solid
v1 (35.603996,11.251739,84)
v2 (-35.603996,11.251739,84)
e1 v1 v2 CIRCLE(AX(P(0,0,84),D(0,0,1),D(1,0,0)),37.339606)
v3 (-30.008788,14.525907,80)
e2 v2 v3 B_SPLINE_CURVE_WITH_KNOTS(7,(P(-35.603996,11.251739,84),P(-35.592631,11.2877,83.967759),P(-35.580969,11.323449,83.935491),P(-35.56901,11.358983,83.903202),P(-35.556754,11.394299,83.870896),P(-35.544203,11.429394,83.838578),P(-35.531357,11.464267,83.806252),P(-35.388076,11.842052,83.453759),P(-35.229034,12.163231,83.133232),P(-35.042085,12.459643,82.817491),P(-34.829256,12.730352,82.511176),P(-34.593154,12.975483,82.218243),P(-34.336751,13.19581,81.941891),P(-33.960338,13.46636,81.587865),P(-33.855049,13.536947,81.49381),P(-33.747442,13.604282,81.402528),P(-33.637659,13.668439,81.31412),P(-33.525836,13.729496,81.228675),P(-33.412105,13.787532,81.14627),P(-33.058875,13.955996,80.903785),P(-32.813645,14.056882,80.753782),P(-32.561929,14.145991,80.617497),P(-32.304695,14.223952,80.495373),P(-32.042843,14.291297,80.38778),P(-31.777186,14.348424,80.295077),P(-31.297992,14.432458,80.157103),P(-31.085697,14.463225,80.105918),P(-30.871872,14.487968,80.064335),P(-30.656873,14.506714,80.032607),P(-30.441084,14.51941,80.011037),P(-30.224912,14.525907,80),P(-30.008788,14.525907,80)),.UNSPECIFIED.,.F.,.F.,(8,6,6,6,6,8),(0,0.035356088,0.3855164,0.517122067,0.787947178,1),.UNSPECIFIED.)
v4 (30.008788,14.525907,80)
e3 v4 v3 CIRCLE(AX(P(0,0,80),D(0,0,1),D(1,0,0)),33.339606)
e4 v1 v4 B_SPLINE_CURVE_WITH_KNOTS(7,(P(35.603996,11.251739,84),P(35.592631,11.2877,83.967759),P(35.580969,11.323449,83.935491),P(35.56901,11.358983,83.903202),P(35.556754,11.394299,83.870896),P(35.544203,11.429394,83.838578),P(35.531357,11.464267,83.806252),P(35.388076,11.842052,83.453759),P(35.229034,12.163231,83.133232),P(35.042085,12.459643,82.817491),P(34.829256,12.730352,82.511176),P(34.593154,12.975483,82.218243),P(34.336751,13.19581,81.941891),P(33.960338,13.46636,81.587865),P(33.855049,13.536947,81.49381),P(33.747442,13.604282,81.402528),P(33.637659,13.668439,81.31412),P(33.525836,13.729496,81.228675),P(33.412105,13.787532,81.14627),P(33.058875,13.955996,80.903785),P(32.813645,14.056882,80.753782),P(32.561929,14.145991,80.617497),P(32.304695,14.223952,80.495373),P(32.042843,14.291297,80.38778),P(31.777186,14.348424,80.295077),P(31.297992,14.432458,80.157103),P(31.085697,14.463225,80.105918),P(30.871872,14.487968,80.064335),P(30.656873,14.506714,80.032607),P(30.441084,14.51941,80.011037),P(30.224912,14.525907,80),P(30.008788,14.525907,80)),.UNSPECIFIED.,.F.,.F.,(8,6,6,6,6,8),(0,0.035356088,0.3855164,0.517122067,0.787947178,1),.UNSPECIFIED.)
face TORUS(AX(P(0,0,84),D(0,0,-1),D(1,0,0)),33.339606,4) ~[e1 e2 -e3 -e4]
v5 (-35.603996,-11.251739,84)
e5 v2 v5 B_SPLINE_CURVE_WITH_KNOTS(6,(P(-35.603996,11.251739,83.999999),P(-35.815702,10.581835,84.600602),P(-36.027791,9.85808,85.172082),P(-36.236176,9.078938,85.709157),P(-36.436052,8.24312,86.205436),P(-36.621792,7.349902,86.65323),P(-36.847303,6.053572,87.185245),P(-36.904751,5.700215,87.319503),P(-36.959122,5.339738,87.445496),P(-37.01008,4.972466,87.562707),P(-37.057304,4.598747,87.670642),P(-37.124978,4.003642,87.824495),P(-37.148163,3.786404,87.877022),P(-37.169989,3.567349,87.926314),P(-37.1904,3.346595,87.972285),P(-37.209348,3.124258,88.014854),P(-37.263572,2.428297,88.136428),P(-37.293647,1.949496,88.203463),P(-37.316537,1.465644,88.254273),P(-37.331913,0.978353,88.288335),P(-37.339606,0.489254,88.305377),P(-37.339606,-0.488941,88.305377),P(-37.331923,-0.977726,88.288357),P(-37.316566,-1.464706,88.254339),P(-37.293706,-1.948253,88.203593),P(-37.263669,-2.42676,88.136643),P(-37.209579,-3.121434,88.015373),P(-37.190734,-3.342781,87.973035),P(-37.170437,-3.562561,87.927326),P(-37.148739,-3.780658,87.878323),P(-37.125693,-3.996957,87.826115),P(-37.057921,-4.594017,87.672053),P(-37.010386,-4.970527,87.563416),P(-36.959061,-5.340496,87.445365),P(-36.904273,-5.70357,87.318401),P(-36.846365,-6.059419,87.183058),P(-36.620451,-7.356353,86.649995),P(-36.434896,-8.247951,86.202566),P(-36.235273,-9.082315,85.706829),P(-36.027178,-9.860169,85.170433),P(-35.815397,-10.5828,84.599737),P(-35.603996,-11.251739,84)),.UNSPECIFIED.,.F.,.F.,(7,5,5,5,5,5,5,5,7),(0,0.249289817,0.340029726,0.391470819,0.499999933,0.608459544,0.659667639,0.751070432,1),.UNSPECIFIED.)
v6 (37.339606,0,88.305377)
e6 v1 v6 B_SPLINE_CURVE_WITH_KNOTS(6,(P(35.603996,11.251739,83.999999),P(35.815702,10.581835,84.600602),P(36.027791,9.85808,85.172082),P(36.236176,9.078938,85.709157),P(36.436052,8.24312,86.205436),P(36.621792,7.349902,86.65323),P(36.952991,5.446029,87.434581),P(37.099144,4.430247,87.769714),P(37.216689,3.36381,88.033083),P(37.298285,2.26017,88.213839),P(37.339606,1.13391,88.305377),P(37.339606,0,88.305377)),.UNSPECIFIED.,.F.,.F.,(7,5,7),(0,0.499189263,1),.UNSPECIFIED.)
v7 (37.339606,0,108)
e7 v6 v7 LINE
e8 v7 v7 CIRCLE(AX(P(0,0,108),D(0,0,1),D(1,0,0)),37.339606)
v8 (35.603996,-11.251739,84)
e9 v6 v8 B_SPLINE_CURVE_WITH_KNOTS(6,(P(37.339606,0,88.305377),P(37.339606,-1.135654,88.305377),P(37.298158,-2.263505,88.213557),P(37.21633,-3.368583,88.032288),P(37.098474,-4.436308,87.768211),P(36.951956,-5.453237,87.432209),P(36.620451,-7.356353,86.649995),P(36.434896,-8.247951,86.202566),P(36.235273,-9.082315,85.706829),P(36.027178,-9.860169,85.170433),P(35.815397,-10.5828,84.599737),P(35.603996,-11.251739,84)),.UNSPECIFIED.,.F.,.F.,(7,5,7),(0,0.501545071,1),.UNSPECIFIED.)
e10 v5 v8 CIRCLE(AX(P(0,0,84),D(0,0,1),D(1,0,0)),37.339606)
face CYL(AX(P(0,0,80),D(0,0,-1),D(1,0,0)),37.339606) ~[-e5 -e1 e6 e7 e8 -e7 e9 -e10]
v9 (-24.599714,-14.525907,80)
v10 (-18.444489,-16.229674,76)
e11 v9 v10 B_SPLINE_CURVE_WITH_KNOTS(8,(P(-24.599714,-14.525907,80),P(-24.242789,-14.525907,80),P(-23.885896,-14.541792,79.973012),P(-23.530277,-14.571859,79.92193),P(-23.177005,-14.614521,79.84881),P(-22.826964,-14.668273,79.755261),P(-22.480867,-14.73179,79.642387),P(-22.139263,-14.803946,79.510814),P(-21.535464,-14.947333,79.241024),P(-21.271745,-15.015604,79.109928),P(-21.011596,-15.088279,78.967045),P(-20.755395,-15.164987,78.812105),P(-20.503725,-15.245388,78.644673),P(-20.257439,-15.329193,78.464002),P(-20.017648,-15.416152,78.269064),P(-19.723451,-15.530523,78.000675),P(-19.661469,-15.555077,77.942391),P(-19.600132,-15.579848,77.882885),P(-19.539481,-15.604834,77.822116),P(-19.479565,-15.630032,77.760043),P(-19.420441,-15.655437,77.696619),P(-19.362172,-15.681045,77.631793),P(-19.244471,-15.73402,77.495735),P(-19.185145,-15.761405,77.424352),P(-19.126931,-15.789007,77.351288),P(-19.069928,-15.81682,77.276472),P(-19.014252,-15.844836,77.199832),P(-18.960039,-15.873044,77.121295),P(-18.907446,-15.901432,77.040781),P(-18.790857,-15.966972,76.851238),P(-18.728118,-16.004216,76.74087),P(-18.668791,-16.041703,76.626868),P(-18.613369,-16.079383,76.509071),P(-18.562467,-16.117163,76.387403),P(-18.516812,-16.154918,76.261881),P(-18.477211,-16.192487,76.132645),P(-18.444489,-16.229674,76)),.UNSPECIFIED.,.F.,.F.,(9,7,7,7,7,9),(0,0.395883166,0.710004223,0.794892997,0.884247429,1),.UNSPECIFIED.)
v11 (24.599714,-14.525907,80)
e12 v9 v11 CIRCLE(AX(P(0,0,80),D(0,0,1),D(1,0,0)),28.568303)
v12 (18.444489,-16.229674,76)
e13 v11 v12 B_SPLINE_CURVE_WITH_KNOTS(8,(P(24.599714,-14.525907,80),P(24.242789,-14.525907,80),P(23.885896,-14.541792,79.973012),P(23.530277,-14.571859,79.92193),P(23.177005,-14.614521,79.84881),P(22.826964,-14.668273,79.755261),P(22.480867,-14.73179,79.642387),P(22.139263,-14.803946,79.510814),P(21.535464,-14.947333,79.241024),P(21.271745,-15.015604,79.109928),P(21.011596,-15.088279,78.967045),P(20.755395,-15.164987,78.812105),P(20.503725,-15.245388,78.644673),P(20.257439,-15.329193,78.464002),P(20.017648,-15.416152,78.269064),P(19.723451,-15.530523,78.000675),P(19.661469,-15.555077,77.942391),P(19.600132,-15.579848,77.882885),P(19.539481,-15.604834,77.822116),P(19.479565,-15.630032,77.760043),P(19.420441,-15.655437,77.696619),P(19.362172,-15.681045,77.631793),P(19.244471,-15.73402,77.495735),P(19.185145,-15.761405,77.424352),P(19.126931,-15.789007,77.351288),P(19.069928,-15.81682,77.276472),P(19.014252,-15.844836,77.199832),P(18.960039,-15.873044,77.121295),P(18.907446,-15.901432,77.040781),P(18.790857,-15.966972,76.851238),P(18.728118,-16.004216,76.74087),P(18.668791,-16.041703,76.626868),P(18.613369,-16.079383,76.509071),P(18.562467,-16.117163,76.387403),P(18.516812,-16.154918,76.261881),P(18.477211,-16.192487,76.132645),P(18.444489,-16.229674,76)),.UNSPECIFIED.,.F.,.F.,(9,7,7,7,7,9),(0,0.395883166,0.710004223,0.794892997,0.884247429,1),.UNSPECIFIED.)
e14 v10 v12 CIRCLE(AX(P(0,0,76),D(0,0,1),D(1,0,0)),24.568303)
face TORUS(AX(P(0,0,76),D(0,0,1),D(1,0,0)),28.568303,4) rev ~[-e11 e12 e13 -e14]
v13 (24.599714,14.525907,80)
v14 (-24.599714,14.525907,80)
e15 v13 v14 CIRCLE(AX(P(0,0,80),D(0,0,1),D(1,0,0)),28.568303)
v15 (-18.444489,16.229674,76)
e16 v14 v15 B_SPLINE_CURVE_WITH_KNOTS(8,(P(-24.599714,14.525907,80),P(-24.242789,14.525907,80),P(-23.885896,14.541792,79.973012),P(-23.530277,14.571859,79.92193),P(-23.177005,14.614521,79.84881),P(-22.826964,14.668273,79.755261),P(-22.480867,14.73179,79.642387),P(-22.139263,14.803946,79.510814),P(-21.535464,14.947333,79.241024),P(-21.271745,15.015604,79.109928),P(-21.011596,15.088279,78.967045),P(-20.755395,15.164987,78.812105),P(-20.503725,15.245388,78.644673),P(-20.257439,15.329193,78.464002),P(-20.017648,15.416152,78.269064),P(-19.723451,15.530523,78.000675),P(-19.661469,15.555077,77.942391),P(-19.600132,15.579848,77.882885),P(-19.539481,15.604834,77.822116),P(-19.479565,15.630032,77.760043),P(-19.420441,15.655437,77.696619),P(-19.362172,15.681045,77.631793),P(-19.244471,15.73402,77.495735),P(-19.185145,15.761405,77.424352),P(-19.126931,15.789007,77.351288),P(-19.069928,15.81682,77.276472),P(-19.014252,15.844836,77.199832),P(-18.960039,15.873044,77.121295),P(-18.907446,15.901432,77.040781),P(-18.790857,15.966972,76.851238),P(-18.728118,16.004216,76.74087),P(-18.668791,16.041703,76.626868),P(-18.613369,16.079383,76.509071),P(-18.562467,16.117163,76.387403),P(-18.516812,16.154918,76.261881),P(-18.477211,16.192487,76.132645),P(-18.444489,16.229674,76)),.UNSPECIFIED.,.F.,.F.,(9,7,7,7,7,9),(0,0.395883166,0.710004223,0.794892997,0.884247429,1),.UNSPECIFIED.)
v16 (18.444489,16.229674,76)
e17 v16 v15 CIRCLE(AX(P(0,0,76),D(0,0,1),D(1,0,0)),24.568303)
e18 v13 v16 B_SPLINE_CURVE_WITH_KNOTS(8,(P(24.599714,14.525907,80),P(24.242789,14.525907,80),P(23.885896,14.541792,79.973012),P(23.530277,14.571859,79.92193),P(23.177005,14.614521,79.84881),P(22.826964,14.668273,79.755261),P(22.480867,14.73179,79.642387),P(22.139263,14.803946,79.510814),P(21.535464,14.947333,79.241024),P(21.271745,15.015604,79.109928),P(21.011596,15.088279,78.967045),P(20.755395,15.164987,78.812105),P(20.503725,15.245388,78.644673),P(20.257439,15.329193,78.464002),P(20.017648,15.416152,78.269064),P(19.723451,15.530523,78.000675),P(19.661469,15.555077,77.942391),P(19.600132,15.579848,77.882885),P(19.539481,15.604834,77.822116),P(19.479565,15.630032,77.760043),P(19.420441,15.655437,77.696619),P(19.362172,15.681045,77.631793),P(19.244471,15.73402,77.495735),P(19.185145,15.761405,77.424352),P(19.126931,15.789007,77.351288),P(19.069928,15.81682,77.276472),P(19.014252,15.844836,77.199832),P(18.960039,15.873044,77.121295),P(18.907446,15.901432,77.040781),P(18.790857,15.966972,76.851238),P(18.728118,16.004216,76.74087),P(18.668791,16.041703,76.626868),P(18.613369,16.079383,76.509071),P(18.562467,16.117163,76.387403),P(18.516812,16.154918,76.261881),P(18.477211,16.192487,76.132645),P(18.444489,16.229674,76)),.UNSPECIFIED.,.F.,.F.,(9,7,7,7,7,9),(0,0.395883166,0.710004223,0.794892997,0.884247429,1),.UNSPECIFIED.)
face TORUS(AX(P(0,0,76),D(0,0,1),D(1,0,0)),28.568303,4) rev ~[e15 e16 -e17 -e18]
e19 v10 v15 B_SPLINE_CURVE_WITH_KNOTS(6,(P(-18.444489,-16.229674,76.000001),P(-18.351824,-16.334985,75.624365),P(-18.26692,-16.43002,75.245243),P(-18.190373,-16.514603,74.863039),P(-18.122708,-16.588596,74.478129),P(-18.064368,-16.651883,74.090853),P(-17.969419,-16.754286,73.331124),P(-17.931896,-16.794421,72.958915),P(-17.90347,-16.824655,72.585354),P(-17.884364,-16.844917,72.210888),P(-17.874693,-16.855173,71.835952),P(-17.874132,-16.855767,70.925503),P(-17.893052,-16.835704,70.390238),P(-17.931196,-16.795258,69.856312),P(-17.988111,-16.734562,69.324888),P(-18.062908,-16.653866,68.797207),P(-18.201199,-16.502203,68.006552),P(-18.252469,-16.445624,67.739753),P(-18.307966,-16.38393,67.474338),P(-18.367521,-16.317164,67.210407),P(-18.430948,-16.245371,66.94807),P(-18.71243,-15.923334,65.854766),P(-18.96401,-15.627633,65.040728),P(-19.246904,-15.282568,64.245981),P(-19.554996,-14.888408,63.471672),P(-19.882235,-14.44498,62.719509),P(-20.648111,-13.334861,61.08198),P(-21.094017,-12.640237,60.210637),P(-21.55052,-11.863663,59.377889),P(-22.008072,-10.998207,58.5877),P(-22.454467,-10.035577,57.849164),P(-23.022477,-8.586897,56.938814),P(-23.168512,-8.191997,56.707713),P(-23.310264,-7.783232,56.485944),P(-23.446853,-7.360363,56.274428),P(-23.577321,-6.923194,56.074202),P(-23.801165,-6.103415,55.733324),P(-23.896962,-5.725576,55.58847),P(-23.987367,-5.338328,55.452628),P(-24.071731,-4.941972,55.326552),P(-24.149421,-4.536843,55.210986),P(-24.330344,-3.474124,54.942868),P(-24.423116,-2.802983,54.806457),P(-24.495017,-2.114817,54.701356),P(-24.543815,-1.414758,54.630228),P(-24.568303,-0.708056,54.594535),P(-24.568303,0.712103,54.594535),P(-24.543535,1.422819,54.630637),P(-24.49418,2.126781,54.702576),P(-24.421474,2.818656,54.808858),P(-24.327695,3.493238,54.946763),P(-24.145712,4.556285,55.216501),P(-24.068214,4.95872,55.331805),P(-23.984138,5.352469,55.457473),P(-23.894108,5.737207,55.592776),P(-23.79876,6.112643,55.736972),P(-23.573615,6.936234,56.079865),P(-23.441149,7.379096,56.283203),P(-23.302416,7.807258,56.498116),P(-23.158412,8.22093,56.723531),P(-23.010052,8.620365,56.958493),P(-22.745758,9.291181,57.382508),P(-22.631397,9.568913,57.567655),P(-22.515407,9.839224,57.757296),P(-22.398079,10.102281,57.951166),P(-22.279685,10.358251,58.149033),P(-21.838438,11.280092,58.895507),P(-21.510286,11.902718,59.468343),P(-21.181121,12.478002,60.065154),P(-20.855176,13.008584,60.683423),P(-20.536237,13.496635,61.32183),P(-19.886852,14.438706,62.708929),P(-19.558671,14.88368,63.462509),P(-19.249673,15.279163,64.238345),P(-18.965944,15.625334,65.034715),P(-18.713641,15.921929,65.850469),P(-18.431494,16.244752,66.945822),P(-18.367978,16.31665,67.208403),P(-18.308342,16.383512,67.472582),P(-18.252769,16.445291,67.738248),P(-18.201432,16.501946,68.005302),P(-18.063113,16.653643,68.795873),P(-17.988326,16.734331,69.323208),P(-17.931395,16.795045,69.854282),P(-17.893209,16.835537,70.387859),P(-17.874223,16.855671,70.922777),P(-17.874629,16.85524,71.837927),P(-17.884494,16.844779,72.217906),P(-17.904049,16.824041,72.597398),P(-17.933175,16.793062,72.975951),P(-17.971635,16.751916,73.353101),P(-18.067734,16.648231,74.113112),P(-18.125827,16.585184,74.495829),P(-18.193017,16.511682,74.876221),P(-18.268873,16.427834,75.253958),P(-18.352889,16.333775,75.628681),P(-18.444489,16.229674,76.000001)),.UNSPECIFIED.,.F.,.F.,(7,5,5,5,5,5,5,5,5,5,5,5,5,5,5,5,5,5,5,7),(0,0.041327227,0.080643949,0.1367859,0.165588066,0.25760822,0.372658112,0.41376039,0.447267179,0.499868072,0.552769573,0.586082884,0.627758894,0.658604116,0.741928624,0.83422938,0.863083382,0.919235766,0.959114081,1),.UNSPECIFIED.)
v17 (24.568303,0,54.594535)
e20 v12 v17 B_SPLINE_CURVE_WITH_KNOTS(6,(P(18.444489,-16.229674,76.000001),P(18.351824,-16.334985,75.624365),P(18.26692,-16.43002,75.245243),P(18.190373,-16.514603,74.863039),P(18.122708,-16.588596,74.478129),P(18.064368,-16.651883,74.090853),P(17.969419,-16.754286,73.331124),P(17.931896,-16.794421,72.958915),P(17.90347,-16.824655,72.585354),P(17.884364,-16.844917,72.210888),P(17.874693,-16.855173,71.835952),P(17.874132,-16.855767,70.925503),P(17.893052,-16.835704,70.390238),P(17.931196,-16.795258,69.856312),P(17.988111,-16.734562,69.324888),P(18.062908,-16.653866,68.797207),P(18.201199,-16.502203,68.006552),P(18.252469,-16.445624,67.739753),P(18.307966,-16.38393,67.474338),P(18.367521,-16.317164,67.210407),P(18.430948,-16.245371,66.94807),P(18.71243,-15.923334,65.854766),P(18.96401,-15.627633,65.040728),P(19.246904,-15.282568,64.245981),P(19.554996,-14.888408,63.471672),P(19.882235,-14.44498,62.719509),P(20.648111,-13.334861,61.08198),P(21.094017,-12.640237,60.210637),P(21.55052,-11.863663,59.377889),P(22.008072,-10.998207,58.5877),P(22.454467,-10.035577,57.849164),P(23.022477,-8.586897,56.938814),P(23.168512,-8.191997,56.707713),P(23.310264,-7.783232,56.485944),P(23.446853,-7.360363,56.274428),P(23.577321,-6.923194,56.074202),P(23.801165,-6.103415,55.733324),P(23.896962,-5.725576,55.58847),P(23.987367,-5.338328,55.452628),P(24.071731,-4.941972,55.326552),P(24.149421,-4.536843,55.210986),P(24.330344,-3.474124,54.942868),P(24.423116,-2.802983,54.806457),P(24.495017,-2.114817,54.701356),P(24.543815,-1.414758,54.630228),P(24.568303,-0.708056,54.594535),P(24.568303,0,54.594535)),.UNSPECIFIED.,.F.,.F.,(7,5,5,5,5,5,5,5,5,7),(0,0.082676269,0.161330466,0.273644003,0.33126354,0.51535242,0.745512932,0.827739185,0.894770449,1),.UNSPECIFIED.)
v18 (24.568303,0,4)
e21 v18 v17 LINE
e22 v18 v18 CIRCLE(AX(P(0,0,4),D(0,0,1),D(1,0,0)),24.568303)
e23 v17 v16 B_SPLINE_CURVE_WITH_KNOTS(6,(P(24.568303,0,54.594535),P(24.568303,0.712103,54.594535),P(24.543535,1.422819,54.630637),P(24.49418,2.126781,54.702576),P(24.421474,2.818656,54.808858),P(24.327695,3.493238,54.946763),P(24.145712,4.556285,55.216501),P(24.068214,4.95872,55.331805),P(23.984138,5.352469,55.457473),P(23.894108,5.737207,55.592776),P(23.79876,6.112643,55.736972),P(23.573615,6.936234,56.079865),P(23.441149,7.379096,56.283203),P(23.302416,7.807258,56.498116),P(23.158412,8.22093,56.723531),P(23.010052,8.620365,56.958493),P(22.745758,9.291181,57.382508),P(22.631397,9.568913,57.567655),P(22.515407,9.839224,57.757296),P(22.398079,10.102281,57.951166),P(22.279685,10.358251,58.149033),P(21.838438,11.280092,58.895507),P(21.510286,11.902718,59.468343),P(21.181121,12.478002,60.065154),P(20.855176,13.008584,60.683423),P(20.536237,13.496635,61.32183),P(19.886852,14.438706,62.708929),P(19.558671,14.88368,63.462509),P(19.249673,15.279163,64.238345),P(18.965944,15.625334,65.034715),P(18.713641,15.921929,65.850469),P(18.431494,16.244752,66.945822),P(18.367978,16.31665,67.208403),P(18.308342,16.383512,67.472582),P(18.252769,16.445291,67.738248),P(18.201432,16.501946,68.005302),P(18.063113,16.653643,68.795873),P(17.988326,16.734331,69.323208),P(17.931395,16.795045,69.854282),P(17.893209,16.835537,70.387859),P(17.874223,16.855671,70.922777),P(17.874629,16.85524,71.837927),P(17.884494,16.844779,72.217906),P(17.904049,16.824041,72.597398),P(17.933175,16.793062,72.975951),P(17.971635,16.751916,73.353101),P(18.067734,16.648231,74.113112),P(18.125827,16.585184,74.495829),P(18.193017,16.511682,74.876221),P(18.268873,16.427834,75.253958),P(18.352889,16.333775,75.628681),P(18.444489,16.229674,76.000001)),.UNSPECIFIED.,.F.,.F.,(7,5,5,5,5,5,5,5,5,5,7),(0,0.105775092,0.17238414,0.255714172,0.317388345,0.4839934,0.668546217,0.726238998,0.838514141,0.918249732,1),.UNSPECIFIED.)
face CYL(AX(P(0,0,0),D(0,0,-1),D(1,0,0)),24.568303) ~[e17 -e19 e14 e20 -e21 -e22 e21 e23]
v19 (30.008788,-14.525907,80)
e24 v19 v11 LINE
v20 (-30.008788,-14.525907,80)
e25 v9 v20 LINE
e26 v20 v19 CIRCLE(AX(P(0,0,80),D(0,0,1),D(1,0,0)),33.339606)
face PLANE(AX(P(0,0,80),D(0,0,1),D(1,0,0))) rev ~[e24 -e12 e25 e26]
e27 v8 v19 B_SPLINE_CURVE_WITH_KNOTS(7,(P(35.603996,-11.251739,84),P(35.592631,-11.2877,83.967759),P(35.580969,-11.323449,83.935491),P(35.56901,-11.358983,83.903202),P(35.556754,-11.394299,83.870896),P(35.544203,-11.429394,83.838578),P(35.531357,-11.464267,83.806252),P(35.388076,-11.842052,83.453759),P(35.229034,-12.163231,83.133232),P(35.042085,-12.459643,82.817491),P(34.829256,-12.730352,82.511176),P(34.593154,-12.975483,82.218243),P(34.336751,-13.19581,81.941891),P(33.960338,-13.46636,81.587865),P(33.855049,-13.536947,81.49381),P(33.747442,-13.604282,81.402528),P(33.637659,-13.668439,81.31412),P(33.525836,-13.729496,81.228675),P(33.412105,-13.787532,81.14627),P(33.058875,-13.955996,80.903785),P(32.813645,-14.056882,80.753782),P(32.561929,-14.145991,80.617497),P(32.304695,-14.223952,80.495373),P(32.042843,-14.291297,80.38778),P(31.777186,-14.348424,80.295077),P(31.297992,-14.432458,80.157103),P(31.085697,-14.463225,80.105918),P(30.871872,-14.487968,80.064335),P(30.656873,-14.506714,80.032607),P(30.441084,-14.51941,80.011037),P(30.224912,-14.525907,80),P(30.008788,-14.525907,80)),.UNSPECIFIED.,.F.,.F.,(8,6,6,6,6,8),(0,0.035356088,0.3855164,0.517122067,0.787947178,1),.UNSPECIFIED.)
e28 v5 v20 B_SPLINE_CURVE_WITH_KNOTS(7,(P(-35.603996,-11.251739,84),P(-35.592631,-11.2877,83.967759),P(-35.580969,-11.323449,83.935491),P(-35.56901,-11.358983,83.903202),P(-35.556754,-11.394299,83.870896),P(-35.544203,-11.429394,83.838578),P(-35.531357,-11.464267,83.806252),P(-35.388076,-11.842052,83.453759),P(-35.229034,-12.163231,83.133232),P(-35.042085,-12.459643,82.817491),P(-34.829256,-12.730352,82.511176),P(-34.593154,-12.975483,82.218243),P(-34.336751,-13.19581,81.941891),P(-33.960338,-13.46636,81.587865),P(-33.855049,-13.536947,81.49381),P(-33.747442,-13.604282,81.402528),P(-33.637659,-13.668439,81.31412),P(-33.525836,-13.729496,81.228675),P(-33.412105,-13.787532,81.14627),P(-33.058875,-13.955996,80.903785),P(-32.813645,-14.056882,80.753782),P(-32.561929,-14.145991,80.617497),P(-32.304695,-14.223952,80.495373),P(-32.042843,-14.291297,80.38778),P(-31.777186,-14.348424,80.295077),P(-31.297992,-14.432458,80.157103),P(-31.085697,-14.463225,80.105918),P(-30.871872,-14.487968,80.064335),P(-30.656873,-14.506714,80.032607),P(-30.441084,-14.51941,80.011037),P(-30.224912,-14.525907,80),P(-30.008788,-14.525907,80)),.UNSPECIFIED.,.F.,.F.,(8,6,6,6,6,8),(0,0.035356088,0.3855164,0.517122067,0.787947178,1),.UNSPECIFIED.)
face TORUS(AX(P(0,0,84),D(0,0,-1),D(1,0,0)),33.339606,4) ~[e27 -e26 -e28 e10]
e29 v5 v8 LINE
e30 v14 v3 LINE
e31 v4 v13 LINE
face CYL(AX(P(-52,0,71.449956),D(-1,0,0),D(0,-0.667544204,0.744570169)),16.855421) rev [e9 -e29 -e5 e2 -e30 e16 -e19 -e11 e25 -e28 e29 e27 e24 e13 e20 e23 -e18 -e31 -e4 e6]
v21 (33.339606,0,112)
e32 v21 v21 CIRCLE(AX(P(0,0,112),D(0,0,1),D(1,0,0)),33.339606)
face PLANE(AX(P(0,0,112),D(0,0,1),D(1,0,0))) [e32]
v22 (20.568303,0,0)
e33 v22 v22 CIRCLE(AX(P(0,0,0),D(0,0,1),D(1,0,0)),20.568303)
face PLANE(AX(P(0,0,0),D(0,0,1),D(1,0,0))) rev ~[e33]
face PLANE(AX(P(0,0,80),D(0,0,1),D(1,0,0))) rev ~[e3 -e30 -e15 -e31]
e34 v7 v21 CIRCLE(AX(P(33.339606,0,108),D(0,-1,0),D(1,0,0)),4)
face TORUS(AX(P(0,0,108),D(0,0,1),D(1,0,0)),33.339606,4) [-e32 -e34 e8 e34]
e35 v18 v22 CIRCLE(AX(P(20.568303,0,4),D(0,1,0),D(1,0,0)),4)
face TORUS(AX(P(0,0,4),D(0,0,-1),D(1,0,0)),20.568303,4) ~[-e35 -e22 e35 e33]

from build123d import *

# Parameters (mm, degrees)
SKETCH1_R               = 24.568302704
EXTRUDE1_DEPTH          = 80
SKETCH2_R               = 37.339605778
EXTRUDE2_DEPTH          = 32
FILLET1_R               = 4
CUT_EXTRUDE1_DEPTH      = 32
CUT_EXTRUDE1_DEPTH_BACK = 77
SKETCH3_R               = 16.855421097


with BuildPart() as part:
    # Sketch1 → Extrude1 (new body)
    with BuildSketch(Plane.XY):
        Circle(SKETCH1_R)
    extrude(amount=EXTRUDE1_DEPTH)

    # Sketch2 → Extrude2 (add)
    with BuildSketch(Plane.XY.offset(80)):
        Circle(SKETCH2_R)
    extrude(amount=EXTRUDE2_DEPTH)

    # Fillet1
    fillet1_edges = [part.edges().sort_by_distance(p)[0] for p in [
        (-24.568302704, 0, 0),
        (-24.568302704, 0, 80),
        (-37.339605778, 0, 80),
        (-37.339605778, 0, 112),
    ]]
    fillet(fillet1_edges, radius=FILLET1_R)

    # Sketch3 → Cut-Extrude1 (cut, two sides: drawn at the far end of the back side and taken through both)
    with BuildSketch(Plane(origin=(25, 0, 0), x_dir=(0, 0, -1), z_dir=(1, 0, 0)).offset(-CUT_EXTRUDE1_DEPTH_BACK)):
        with Locations(Location((-71.449956272, 0, 0), (0, 0, 221.877807058))):
            Circle(SKETCH3_R)
    extrude(amount=CUT_EXTRUDE1_DEPTH + CUT_EXTRUDE1_DEPTH_BACK, mode=Mode.SUBTRACT)


solid = part.part
